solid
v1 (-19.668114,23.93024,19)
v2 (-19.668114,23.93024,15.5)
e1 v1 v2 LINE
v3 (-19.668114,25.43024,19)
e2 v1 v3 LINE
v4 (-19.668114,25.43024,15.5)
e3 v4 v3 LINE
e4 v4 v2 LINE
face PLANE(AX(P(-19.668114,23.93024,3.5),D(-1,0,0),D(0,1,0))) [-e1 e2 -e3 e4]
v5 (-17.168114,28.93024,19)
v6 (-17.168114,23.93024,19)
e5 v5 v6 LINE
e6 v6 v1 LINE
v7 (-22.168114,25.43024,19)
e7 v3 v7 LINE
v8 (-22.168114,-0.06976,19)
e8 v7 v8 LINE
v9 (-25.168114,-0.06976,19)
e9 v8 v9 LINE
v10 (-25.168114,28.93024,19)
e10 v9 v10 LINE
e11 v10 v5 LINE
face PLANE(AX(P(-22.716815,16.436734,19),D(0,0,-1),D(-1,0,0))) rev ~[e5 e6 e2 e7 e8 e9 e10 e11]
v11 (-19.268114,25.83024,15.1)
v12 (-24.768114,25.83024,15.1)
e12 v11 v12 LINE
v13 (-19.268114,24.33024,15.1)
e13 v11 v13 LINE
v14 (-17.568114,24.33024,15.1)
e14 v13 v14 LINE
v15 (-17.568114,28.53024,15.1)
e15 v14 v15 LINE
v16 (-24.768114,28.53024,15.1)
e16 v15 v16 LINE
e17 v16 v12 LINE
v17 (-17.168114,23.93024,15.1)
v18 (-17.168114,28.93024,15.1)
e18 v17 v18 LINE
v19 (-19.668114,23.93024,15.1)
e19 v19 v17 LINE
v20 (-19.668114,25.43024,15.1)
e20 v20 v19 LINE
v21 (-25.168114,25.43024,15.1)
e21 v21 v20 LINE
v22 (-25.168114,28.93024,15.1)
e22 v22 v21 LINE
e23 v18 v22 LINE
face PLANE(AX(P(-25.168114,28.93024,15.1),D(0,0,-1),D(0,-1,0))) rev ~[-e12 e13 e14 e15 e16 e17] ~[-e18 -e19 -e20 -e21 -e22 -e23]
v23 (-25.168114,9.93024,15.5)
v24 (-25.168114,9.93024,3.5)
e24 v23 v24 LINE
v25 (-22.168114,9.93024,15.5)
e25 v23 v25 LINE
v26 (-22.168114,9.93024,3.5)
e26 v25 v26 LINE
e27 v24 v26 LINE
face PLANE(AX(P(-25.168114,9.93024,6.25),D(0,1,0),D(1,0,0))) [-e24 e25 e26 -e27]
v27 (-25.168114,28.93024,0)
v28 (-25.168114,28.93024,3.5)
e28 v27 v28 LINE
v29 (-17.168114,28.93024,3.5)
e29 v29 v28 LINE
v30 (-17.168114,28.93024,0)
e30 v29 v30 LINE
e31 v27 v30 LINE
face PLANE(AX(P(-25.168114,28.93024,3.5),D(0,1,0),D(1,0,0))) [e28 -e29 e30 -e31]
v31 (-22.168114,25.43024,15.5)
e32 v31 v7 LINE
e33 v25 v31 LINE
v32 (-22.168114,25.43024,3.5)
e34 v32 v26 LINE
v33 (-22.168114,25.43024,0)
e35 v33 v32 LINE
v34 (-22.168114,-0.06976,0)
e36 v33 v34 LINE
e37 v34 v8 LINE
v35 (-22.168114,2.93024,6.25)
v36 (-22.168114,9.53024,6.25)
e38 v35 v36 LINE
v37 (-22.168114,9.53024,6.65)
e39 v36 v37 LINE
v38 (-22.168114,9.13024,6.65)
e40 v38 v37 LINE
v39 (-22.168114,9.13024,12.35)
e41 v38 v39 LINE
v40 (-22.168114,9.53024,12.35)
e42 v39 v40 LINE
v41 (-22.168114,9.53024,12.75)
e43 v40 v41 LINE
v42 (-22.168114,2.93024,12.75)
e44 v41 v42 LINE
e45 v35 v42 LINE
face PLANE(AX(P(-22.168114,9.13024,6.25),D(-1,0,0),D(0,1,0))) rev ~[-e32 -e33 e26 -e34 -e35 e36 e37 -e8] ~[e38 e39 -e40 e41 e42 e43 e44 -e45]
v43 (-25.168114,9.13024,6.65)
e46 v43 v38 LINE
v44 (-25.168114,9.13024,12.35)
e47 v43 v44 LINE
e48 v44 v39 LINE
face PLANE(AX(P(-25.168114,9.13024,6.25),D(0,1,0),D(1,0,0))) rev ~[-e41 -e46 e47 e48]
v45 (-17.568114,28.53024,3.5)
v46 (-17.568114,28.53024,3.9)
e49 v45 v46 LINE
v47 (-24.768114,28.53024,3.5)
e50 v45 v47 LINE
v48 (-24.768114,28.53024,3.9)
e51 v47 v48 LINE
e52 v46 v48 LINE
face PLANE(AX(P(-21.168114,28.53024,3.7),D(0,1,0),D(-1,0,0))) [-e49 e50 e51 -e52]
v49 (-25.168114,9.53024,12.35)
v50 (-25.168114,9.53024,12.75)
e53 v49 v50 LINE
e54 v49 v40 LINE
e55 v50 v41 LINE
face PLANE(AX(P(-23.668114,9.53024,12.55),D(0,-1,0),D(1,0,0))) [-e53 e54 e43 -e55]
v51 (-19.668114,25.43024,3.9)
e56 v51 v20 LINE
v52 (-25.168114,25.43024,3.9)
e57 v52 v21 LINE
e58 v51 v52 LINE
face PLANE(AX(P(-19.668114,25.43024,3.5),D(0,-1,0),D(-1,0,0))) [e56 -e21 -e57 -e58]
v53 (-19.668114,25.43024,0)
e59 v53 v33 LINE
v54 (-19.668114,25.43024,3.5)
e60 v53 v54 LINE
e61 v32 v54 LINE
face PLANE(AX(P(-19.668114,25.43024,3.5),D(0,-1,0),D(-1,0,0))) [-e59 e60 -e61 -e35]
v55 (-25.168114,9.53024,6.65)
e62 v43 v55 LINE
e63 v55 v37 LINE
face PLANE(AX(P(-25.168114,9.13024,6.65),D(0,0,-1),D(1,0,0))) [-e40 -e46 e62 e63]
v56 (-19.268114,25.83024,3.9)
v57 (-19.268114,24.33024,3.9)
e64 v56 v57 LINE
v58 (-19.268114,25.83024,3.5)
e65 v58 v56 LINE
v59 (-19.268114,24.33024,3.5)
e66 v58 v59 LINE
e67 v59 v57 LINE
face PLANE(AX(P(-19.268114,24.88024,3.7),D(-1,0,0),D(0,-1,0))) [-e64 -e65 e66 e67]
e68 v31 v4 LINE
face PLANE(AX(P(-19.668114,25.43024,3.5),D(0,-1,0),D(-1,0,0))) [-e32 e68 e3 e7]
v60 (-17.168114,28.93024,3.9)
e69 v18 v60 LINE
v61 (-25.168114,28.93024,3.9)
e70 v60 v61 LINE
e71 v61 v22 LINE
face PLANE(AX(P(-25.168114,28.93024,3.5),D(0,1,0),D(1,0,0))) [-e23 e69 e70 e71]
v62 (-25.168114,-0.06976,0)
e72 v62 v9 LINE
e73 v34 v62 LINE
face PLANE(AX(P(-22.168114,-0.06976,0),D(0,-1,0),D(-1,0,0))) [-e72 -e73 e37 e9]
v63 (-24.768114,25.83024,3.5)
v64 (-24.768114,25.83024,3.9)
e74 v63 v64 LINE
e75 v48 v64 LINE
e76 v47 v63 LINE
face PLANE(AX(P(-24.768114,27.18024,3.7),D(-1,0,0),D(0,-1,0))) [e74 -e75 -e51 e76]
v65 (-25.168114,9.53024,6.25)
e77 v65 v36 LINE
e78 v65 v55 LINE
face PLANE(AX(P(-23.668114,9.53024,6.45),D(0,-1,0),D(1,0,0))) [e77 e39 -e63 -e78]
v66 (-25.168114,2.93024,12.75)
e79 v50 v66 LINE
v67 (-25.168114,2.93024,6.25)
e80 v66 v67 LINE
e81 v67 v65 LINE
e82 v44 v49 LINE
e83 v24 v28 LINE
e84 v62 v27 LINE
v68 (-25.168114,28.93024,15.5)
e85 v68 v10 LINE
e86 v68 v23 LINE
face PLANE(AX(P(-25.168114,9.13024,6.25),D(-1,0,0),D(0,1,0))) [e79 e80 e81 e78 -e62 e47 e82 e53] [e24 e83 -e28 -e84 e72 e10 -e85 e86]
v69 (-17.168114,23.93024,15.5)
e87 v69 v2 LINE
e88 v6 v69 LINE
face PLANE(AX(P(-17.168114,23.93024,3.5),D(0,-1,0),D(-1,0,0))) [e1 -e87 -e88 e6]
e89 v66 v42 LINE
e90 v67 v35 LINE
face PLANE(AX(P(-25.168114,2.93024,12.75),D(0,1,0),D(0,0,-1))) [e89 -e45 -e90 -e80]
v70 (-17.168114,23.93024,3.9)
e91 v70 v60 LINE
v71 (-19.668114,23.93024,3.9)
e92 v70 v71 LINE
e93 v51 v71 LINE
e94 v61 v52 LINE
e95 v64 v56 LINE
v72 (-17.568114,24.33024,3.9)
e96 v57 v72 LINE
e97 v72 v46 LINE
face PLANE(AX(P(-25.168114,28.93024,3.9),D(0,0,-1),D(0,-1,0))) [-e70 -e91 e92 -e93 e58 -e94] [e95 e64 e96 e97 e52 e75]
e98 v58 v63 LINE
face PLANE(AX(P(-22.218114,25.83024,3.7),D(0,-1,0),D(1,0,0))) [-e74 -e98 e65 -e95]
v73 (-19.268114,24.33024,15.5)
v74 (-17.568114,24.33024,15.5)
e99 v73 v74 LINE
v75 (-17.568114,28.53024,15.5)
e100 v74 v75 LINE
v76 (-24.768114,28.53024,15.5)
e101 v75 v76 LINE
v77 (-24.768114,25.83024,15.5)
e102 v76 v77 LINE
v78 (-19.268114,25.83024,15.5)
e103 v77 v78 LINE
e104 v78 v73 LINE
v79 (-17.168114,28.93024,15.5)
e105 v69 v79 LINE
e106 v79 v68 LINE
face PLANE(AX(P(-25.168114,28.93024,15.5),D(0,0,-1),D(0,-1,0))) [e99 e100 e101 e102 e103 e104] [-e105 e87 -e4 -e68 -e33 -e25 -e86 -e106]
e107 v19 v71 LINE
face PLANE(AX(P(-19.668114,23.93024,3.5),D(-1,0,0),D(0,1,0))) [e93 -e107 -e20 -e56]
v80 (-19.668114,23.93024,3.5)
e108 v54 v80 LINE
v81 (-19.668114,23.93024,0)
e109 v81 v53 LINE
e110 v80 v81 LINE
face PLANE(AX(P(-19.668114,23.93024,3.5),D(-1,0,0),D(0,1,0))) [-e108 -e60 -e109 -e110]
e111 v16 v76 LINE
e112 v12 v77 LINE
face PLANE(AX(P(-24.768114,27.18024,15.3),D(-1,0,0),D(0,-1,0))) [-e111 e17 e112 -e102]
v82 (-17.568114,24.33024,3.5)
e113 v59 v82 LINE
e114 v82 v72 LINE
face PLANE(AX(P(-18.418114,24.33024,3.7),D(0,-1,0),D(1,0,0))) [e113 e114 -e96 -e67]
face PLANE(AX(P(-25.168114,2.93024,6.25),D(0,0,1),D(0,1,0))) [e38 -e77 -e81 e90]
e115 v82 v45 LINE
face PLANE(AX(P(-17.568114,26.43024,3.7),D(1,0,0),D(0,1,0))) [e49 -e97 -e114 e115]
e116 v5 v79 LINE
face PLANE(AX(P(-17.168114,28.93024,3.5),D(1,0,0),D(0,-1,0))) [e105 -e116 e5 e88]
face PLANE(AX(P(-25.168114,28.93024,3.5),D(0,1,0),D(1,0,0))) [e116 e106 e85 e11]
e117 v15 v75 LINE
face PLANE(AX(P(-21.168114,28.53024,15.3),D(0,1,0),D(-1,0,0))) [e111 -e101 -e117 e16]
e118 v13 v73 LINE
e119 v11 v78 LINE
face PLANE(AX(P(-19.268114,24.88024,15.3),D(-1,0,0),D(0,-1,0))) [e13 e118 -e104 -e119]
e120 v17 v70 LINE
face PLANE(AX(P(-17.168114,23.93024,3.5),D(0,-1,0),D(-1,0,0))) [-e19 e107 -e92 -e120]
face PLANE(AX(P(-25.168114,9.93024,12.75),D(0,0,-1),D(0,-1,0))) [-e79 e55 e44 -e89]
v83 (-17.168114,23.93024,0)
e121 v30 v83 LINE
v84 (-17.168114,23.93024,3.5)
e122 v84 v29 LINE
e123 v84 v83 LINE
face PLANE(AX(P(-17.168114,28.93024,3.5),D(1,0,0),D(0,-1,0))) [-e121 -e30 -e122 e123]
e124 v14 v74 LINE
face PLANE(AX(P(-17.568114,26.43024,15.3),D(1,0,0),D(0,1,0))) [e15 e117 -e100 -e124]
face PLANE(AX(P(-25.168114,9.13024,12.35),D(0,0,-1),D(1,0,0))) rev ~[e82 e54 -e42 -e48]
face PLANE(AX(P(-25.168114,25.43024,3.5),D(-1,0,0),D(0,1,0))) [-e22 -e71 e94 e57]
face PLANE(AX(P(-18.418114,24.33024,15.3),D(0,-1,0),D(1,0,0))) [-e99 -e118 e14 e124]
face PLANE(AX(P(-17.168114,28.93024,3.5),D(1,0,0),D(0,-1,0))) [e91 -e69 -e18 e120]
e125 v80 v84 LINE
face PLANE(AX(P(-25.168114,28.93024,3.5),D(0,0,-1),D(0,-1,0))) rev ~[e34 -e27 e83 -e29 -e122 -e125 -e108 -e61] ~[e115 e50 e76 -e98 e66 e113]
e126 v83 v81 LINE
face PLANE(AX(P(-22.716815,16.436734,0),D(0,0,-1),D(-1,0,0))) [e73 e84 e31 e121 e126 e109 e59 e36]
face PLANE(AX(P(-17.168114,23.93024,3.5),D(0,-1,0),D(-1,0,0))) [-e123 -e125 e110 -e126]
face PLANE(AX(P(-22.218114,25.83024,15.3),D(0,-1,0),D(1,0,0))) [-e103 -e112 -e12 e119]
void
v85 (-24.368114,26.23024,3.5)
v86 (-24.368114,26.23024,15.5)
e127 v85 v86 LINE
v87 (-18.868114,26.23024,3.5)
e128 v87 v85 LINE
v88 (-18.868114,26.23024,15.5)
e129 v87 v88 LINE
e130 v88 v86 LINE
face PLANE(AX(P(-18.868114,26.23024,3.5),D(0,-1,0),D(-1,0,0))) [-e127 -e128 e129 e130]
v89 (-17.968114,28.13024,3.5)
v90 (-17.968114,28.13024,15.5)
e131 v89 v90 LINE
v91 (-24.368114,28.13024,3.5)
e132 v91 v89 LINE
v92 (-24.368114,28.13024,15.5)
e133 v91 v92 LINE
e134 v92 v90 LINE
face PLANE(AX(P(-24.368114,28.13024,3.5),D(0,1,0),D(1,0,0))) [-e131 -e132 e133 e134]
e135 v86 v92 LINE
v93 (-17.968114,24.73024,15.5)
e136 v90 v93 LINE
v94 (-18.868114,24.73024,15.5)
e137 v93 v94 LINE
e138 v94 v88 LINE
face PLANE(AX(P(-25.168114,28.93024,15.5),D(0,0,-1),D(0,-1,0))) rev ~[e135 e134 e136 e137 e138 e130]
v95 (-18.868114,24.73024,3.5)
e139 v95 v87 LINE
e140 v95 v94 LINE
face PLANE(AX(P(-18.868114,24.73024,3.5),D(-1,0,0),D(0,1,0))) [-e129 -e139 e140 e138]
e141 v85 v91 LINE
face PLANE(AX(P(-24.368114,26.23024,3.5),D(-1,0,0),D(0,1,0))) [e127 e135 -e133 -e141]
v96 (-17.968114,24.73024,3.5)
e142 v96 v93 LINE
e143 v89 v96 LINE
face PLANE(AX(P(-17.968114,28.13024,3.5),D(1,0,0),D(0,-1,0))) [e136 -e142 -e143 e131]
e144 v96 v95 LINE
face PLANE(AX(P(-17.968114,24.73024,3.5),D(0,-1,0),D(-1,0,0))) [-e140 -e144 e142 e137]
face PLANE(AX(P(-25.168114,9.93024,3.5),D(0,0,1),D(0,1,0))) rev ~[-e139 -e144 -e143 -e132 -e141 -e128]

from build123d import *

# Parameters (mm, degrees)
PAD_DEPTH       = 19
POCKET_DEPTH    = 8.001
PAD001_DEPTH    = 12
SKETCH003_W     = 3.5
SKETCH003_H     = 0.4
POCKET001_DEPTH = 0.4
SKETCH004_W     = 5
SKETCH004_H     = 0.4
POCKET002_DEPTH = 0.4
SKETCH005_W     = 1.9
SKETCH005_H     = 0.4
POCKET003_DEPTH = 0.4
SKETCH006_W     = 5.1
SKETCH006_H     = 0.4
POCKET004_DEPTH = 0.4
SKETCH007_W     = 1.7
SKETCH007_H     = 0.4
POCKET005_DEPTH = 0.4
SKETCH008_W     = 7.2
SKETCH008_H     = 0.4
POCKET006_DEPTH = 0.4
SKETCH009_W     = 3
SKETCH009_H     = 0.8
PAD002_DEPTH    = 7
SKETCH010_W     = 3
SKETCH010_H     = 0.4
POCKET007_DEPTH = 0.4


with BuildPart() as part:
    # Sketch → Pad (new body)
    with BuildSketch(Plane.XY):
        Polygon((-25.168114, 28.93024), (-17.168114, 28.93024), (-17.168114, 23.93024), (-19.668114, 23.93024), (-19.668114, 25.43024), (-22.168114, 25.43024), (-22.168114, -0.06976), (-25.168114, -0.06976), align=None)
    extrude(amount=PAD_DEPTH)

    # Sketch001 → Pocket (cut, through all)
    with BuildSketch(Plane(origin=(-25.168114, 0, 0), x_dir=(0, -1, 0), z_dir=(-1, 0, 0))):
        Polygon((-28.93024, 15.5), (-9.93024, 15.5), (-9.93024, 12.75), (-2.93024, 12.75), (-2.93024, 6.25), (-9.93024, 6.25), (-9.93024, 3.5), (-28.93024, 3.5), align=None)
    extrude(amount=-POCKET_DEPTH, mode=Mode.SUBTRACT)

    # Sketch002 → Pad001 (new body)
    with BuildSketch(Plane.XY.offset(3.5)):
        Polygon((-25.168114, 28.93024), (-17.168114, 28.93024), (-17.168114, 23.93024), (-19.668114, 23.93024), (-19.668114, 25.43024), (-25.168114, 25.43024), align=None)
        Polygon((-24.368114, 26.23024), (-24.368114, 28.13024), (-17.968114, 28.13024), (-17.968114, 24.73024), (-18.868114, 24.73024), (-18.868114, 26.23024), align=None, mode=Mode.SUBTRACT)
    extrude(amount=PAD001_DEPTH)

    # Sketch003 → Pocket001 (cut)
    with BuildSketch(Plane(origin=(-25.168114, 0, 0), x_dir=(0, -1, 0), z_dir=(-1, 0, 0))):
        with Locations((-27.18024, 15.3)):
            Rectangle(SKETCH003_W, SKETCH003_H)
        with Locations((-27.18024, 3.7)):
            Rectangle(SKETCH003_W, SKETCH003_H)
    extrude(amount=-POCKET001_DEPTH, mode=Mode.SUBTRACT)

    # Sketch004 → Pocket002 (cut)
    with BuildSketch(Plane.YZ.offset(-17.168114)):
        with Locations((26.43024, 15.3)):
            Rectangle(SKETCH004_W, SKETCH004_H)
        with Locations((26.43024, 3.7)):
            Rectangle(SKETCH004_W, SKETCH004_H)
    extrude(amount=-POCKET002_DEPTH, mode=Mode.SUBTRACT)

    # Sketch005 → Pocket003 (cut)
    with BuildSketch(Plane(origin=(-19.668114, 0, 0), x_dir=(0, -1, 0), z_dir=(-1, 0, 0))):
        with Locations((-24.88024, 15.3)):
            Rectangle(SKETCH005_W, SKETCH005_H)
        with Locations((-24.88024, 3.7)):
            Rectangle(SKETCH005_W, SKETCH005_H)
    extrude(amount=-POCKET003_DEPTH, mode=Mode.SUBTRACT)

    # Sketch006 → Pocket004 (cut)
    with BuildSketch(Plane.XZ.offset(-25.43024)):
        with Locations((-22.218114, 15.3)):
            Rectangle(SKETCH006_W, SKETCH006_H)
        with Locations((-22.218114, 3.7)):
            Rectangle(SKETCH006_W, SKETCH006_H)
    extrude(amount=-POCKET004_DEPTH, mode=Mode.SUBTRACT)

    # Sketch007 → Pocket005 (cut)
    with BuildSketch(Plane.XZ.offset(-23.93024)):
        with Locations((-18.418114, 15.3)):
            Rectangle(SKETCH007_W, SKETCH007_H)
        with Locations((-18.418114, 3.7)):
            Rectangle(SKETCH007_W, SKETCH007_H)
    extrude(amount=-POCKET005_DEPTH, mode=Mode.SUBTRACT)

    # Sketch008 → Pocket006 (cut)
    with BuildSketch(Plane(origin=(0, 28.93024, 0), x_dir=(-1, 0, 0), z_dir=(0, 1, 0))):
        with Locations((21.168114, 15.3)):
            Rectangle(SKETCH008_W, SKETCH008_H)
        with Locations((21.168114, 3.7)):
            Rectangle(SKETCH008_W, SKETCH008_H)
    extrude(amount=-POCKET006_DEPTH, mode=Mode.SUBTRACT)

    # Sketch009 → Pad002 (new body)
    with BuildSketch(Plane.XY.offset(6.25)):
        with Locations((-23.668114, 9.53024)):
            Rectangle(SKETCH009_W, SKETCH009_H)
    extrude(amount=PAD002_DEPTH)

    # Sketch010 → Pocket007 (cut)
    with BuildSketch(Plane.XZ.offset(-9.13024)):
        with Locations((-23.668114, 12.55)):
            Rectangle(SKETCH010_W, SKETCH010_H)
        with Locations((-23.668114, 6.45)):
            Rectangle(SKETCH010_W, SKETCH010_H)
    extrude(amount=-POCKET007_DEPTH, mode=Mode.SUBTRACT)


solid = part.part
